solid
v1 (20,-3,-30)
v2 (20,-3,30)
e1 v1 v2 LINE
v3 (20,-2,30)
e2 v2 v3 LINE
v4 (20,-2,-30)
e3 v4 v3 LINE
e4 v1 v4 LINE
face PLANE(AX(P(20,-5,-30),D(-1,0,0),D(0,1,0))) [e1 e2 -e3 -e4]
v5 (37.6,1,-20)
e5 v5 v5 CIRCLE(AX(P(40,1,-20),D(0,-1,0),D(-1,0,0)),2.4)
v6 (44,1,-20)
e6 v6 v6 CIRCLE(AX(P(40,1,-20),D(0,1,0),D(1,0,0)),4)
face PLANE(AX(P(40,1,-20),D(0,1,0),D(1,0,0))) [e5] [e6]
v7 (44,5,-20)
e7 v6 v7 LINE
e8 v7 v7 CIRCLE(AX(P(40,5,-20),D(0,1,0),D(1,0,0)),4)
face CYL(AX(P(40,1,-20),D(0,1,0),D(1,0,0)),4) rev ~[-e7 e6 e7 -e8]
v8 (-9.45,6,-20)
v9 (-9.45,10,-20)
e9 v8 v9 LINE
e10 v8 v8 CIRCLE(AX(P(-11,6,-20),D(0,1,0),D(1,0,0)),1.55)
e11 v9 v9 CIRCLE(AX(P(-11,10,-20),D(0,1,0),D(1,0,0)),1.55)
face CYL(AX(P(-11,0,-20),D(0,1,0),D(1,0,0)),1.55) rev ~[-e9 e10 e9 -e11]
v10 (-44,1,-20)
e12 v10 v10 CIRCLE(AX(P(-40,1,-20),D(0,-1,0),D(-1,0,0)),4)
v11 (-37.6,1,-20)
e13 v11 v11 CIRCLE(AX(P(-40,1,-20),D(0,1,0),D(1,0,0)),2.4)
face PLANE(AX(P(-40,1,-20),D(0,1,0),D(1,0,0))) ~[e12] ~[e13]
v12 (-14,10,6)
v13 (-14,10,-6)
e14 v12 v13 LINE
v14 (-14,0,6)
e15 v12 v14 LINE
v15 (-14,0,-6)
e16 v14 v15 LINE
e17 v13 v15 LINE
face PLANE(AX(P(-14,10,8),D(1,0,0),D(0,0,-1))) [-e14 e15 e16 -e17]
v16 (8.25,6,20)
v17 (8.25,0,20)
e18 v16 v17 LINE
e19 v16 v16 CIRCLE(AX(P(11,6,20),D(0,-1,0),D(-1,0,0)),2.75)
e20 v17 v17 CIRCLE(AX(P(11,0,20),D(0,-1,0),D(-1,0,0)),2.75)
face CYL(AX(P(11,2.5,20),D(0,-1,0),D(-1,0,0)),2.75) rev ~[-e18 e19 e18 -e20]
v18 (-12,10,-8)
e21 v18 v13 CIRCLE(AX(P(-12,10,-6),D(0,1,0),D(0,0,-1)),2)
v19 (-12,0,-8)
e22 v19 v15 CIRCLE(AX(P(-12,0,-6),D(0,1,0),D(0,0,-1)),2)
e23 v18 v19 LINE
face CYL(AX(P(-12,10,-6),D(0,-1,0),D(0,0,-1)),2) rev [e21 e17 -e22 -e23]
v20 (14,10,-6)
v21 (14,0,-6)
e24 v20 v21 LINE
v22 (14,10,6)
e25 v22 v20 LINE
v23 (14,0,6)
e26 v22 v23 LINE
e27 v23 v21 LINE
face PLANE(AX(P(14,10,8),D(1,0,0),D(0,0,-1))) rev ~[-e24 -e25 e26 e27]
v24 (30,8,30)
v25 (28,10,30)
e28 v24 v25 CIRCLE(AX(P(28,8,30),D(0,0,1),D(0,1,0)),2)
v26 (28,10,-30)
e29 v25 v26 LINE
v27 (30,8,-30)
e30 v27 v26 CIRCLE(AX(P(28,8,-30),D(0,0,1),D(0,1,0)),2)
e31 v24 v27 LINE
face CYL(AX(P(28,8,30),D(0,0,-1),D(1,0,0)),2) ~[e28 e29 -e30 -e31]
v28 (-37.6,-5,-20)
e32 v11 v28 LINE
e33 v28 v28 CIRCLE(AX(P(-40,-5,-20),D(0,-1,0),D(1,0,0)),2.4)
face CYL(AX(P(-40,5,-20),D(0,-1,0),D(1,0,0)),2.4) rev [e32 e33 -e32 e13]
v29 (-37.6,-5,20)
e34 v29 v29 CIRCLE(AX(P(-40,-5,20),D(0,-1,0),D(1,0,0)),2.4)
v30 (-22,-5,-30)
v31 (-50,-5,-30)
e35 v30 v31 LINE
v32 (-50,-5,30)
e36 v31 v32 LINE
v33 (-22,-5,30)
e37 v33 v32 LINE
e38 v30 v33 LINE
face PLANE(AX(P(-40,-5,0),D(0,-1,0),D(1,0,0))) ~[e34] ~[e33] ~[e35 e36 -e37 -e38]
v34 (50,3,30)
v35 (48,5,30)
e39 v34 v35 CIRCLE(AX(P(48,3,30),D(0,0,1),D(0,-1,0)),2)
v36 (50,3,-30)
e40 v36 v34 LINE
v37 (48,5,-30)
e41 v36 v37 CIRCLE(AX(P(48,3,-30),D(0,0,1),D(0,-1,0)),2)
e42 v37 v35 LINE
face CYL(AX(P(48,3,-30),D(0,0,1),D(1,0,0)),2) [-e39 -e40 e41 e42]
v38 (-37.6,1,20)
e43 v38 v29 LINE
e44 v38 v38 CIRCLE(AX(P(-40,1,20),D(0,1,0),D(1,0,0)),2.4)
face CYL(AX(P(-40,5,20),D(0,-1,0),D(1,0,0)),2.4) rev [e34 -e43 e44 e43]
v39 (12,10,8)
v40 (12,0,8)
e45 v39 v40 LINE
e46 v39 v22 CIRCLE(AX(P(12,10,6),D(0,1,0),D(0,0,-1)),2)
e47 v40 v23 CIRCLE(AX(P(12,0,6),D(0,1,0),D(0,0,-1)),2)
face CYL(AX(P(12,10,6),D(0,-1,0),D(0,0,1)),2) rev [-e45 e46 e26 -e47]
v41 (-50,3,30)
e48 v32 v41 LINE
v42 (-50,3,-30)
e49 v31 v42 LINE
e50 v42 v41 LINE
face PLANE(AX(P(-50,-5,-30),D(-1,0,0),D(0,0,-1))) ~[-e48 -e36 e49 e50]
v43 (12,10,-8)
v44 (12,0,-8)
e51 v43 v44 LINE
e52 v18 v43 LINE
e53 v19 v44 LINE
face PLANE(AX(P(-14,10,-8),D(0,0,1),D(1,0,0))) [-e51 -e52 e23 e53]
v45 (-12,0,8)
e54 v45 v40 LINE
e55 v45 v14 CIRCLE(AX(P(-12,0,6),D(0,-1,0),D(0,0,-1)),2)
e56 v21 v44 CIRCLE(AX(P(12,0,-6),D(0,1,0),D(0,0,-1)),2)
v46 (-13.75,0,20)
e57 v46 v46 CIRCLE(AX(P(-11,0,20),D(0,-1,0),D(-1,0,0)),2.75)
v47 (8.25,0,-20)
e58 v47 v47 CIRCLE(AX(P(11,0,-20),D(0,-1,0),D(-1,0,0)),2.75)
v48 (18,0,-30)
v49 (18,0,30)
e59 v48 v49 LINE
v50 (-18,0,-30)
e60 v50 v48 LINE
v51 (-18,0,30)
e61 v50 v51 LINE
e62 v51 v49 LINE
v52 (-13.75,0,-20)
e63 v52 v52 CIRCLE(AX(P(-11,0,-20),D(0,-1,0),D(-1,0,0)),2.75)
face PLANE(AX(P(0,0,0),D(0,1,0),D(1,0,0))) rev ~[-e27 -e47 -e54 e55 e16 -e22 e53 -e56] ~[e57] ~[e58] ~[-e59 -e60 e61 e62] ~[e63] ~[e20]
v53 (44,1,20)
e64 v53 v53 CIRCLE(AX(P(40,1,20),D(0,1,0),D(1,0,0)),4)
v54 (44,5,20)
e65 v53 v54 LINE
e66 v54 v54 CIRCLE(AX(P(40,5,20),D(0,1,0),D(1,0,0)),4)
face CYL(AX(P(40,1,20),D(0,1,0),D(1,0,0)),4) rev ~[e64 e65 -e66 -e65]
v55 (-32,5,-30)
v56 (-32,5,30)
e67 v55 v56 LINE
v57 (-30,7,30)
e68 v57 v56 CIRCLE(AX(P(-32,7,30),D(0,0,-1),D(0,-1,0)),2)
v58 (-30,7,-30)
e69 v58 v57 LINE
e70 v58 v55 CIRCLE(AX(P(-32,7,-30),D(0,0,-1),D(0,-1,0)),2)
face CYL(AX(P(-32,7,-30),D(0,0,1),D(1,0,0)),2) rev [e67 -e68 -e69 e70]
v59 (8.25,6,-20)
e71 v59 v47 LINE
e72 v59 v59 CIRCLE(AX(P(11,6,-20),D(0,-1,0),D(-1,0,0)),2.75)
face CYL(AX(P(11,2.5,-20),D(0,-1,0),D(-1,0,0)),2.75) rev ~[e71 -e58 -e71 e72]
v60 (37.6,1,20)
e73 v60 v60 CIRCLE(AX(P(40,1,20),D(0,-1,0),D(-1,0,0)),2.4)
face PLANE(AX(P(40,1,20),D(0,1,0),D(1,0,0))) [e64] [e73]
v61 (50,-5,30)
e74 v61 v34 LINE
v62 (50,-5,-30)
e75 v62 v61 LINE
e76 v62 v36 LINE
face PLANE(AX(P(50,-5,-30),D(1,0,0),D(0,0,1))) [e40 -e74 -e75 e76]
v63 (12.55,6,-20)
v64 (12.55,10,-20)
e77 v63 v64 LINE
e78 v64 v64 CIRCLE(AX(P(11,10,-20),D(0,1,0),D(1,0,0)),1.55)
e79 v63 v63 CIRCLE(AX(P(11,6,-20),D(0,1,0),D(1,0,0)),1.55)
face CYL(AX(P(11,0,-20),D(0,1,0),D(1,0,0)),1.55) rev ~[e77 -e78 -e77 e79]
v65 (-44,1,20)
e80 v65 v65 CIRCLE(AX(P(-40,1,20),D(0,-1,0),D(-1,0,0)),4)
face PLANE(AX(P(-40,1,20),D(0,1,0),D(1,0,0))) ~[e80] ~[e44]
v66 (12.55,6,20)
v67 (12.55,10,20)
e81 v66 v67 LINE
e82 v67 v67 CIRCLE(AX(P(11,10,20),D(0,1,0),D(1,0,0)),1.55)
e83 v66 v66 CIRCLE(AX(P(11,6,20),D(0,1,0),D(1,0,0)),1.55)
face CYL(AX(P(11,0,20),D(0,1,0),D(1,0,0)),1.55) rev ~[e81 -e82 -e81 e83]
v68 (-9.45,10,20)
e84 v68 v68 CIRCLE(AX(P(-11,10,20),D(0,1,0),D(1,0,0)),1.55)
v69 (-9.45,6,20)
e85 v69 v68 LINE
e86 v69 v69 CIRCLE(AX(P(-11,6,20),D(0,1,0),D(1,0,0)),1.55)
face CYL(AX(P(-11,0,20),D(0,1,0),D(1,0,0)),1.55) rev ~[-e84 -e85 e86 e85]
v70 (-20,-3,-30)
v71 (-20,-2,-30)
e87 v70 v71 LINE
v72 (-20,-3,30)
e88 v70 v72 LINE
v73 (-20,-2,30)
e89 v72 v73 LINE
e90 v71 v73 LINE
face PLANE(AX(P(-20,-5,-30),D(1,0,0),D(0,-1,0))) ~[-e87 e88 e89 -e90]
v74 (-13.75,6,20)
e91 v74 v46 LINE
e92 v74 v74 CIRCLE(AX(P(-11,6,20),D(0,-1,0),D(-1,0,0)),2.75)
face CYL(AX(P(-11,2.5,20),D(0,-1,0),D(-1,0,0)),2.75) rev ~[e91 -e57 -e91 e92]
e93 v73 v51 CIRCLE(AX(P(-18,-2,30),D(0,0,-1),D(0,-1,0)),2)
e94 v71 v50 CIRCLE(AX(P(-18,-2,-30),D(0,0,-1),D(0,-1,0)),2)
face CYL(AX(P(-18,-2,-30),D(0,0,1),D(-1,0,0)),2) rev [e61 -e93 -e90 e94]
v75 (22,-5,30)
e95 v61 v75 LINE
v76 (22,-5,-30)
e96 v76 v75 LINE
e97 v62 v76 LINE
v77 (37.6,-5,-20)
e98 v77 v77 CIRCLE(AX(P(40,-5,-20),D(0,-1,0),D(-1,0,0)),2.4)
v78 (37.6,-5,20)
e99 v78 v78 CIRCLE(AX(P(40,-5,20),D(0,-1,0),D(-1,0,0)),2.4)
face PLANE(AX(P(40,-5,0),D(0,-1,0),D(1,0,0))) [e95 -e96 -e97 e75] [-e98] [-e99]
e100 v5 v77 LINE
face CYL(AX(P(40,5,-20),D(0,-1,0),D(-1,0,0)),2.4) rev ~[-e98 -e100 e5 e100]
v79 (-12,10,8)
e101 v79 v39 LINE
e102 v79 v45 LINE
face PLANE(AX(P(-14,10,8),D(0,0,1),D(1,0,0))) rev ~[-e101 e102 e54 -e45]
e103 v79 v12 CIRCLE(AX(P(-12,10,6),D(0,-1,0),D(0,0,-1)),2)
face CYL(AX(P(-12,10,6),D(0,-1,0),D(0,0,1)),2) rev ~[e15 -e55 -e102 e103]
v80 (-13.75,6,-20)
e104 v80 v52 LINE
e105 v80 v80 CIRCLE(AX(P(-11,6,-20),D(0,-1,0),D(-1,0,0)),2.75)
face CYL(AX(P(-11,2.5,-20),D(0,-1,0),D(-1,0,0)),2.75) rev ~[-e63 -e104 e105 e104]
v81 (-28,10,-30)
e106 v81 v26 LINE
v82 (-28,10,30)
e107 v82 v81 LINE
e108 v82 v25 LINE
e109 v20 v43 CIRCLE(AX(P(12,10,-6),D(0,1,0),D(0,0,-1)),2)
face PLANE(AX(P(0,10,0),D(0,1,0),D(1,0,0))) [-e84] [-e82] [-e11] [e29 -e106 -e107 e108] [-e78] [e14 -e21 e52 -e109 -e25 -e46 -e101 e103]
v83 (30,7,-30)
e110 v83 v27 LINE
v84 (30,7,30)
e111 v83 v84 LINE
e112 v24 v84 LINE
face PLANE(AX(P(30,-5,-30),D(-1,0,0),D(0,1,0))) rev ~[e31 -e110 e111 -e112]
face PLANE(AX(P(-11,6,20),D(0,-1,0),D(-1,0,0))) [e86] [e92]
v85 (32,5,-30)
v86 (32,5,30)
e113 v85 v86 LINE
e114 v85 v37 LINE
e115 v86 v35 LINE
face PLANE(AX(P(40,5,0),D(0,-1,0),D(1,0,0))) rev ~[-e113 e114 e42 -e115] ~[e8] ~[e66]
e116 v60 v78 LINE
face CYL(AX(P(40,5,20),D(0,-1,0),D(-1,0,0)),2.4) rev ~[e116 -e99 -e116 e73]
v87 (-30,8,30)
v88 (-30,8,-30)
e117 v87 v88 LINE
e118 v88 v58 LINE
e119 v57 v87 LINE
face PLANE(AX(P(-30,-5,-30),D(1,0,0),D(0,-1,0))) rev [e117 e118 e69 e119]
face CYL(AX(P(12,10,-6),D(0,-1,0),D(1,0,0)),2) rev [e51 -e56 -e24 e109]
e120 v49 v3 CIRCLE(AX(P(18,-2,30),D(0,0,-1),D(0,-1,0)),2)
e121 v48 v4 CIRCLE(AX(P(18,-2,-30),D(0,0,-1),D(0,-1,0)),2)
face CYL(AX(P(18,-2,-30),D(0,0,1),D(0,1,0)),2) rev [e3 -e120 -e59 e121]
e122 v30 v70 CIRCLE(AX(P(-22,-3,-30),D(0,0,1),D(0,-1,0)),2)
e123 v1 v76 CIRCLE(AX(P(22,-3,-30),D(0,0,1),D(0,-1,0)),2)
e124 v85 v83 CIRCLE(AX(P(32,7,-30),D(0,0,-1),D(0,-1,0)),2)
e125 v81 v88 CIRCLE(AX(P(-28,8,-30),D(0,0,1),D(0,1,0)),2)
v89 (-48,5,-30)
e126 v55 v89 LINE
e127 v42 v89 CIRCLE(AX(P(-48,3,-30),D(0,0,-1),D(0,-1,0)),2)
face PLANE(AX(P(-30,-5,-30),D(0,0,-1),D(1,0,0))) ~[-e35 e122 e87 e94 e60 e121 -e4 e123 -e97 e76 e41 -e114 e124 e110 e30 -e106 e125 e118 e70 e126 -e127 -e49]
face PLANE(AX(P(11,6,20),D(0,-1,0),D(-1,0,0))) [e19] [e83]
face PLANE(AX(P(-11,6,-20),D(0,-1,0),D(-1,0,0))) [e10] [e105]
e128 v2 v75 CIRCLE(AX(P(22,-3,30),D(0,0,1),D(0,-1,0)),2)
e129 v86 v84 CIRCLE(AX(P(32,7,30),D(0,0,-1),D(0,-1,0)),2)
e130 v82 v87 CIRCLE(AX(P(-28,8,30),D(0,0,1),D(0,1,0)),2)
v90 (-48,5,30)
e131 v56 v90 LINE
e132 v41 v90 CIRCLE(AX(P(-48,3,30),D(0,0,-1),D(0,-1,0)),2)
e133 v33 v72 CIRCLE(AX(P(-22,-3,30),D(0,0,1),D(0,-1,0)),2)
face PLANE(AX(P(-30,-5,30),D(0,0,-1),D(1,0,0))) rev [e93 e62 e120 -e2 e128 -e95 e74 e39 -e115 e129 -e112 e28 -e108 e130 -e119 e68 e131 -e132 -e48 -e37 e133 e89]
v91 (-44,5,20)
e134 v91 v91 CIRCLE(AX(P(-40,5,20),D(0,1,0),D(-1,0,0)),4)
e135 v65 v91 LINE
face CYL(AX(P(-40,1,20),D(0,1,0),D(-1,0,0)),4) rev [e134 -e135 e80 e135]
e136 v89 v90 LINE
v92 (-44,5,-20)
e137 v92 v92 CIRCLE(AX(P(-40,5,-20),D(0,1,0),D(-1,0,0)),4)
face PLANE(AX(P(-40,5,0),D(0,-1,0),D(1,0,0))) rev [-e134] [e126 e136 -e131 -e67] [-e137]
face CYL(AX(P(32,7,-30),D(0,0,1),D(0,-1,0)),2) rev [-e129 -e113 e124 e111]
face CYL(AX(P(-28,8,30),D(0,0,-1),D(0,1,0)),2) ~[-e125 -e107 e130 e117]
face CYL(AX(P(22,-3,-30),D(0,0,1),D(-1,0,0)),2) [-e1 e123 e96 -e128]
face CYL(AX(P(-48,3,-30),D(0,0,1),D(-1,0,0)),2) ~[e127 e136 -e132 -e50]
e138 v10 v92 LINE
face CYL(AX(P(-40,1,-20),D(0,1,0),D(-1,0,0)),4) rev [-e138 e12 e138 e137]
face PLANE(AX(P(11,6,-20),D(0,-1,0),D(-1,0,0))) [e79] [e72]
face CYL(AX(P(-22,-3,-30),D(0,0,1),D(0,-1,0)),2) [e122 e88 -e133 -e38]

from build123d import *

# Parameters (mm, degrees)
SKETCH2_W                        = 60
SKETCH2_H                        = 60
BOSS_EXTRUDE1_DEPTH              = 10
SKETCH7_W                        = 28
SKETCH7_H                        = 16
CUT_EXTRUDE2_DEPTH               = 44.588989435
FILLET2_R                        = 2
CBORE_FOR_M2_5_SHCS2_D           = 3.1
CBORE_FOR_M2_5_SHCS2_CBORE_D     = 5.5
CBORE_FOR_M2_5_SHCS2_CBORE_DEPTH = 2.5
MOVE_FACE1_BY                    = 3.5
MOVE_FACE1_2_BY                  = 3.5
MOVE_FACE1_3_BY                  = 3.5
MOVE_FACE1_4_BY                  = 3.5
SKETCH11_W                       = 10
SKETCH11_H                       = 5
BOSS_EXTRUDE2_DEPTH              = 60
SKETCH12_W                       = 20
SKETCH12_H                       = 60
BOSS_EXTRUDE3_DEPTH              = 10
CBORE_FOR_M4_SHCS1_D             = 4.8
CBORE_FOR_M4_SHCS1_CBORE_D       = 8
CBORE_FOR_M4_SHCS1_CBORE_DEPTH   = 4
FILLET5_R                        = 2


with BuildPart() as part:
    # Sketch2 → Boss-Extrude1 (new body)
    with BuildSketch(Plane(origin=(0, 0, 0), x_dir=(1, 0, 0), z_dir=(0, 1, 0))):
        Rectangle(SKETCH2_W, SKETCH2_H)
    extrude(amount=BOSS_EXTRUDE1_DEPTH)

    # Sketch7 → Cut-Extrude2 (cut, through all)
    with BuildSketch(Plane(origin=(0, 10, 0), x_dir=(1, 0, 0), z_dir=(0, 1, 0))):
        Rectangle(SKETCH7_W, SKETCH7_H)
    extrude(amount=-CUT_EXTRUDE2_DEPTH, mode=Mode.SUBTRACT)

    # Fillet2
    fillet2_edges = [part.edges().sort_by_distance(p)[0] for p in [
        (-14, 5, 8),
        (-14, 5, -8),
        (14, 5, -8),
        (14, 5, 8),
    ]]
    fillet(fillet2_edges, radius=FILLET2_R)

    # CBORE for M2.5 SHCS2 (through all)
    with Locations(Plane(origin=(0, 0, 0), x_dir=(-1, 0, 0), z_dir=(0, -1, 0))):
        with Locations((11, -20), (-11, -20), (11, 20), (-11, 20)):
            CounterBoreHole(CBORE_FOR_M2_5_SHCS2_D / 2, CBORE_FOR_M2_5_SHCS2_CBORE_D / 2, CBORE_FOR_M2_5_SHCS2_CBORE_DEPTH)

    # Move Face1: a face moved inward by 3.5
    extrude(part.faces().sort_by_distance((11, 2.5, 22.2))[0], amount=MOVE_FACE1_BY, dir=(0, 1, 0), mode=Mode.SUBTRACT)

    # Move Face1 2: a face moved inward by 3.5
    extrude(part.faces().sort_by_distance((-11, 2.5, 22.2))[0], amount=MOVE_FACE1_2_BY, dir=(0, 1, 0), mode=Mode.SUBTRACT)

    # Move Face1 3: a face moved inward by 3.5
    extrude(part.faces().sort_by_distance((11, 2.5, -17.8))[0], amount=MOVE_FACE1_3_BY, dir=(0, 1, 0), mode=Mode.SUBTRACT)

    # Move Face1 4: a face moved inward by 3.5
    extrude(part.faces().sort_by_distance((-11, 2.5, -17.8))[0], amount=MOVE_FACE1_4_BY, dir=(0, 1, 0), mode=Mode.SUBTRACT)

    # Sketch11 → Boss-Extrude2 (add)
    with BuildSketch(Plane(origin=(0, 0, -30), x_dir=(-1, 0, 0), z_dir=(0, 0, -1))):
        with Locations((-25, -2.5)):
            Rectangle(SKETCH11_W, SKETCH11_H)
    boss_extrude2 = extrude(amount=-BOSS_EXTRUDE2_DEPTH)

    # Sketch12 → Boss-Extrude3 (add)
    with BuildSketch(Plane.XZ.offset(5)):
        with Locations((40, 0)):
            Rectangle(SKETCH12_W, SKETCH12_H)
    boss_extrude3 = extrude(amount=-BOSS_EXTRUDE3_DEPTH)

    # CBORE for M4 SHCS1 (through all)
    with Locations(Plane(origin=(0, 5, 0), x_dir=(1, 0, 0), z_dir=(0, 1, 0))):
        with Locations((40, 20), (40, -20)):
            cbore_for_m4_shcs1 = CounterBoreHole(CBORE_FOR_M4_SHCS1_D / 2, CBORE_FOR_M4_SHCS1_CBORE_D / 2, CBORE_FOR_M4_SHCS1_CBORE_DEPTH)

    # Mirror1: Boss-Extrude2, Boss-Extrude3, CBORE for M4 SHCS1 across plane
    add(boss_extrude2.mirror(Plane(origin=(0, 0, 0), x_dir=(0, 0, 1), z_dir=(1, 0, 0))))
    add(boss_extrude3.mirror(Plane(origin=(0, 0, 0), x_dir=(0, 0, 1), z_dir=(1, 0, 0))))
    add(cbore_for_m4_shcs1.mirror(Plane(origin=(0, 0, 0), x_dir=(0, 0, 1), z_dir=(1, 0, 0))), mode=Mode.SUBTRACT)

    # Fillet5
    fillet5_edges = [part.edges().sort_by_distance(p)[0] for p in [
        (50, 5, 0),
        (30, 5, 0),
        (30, 10, 0),
        (-20, 0, 0),
        (-20, -5, 0),
        (-30, 5, 0),
        (-50, 5, 0),
        (-30, 10, 0),
        (20, 0, 0),
        (20, -5, 0),
    ]]
    fillet(fillet5_edges, radius=FILLET5_R)


solid = part.part
